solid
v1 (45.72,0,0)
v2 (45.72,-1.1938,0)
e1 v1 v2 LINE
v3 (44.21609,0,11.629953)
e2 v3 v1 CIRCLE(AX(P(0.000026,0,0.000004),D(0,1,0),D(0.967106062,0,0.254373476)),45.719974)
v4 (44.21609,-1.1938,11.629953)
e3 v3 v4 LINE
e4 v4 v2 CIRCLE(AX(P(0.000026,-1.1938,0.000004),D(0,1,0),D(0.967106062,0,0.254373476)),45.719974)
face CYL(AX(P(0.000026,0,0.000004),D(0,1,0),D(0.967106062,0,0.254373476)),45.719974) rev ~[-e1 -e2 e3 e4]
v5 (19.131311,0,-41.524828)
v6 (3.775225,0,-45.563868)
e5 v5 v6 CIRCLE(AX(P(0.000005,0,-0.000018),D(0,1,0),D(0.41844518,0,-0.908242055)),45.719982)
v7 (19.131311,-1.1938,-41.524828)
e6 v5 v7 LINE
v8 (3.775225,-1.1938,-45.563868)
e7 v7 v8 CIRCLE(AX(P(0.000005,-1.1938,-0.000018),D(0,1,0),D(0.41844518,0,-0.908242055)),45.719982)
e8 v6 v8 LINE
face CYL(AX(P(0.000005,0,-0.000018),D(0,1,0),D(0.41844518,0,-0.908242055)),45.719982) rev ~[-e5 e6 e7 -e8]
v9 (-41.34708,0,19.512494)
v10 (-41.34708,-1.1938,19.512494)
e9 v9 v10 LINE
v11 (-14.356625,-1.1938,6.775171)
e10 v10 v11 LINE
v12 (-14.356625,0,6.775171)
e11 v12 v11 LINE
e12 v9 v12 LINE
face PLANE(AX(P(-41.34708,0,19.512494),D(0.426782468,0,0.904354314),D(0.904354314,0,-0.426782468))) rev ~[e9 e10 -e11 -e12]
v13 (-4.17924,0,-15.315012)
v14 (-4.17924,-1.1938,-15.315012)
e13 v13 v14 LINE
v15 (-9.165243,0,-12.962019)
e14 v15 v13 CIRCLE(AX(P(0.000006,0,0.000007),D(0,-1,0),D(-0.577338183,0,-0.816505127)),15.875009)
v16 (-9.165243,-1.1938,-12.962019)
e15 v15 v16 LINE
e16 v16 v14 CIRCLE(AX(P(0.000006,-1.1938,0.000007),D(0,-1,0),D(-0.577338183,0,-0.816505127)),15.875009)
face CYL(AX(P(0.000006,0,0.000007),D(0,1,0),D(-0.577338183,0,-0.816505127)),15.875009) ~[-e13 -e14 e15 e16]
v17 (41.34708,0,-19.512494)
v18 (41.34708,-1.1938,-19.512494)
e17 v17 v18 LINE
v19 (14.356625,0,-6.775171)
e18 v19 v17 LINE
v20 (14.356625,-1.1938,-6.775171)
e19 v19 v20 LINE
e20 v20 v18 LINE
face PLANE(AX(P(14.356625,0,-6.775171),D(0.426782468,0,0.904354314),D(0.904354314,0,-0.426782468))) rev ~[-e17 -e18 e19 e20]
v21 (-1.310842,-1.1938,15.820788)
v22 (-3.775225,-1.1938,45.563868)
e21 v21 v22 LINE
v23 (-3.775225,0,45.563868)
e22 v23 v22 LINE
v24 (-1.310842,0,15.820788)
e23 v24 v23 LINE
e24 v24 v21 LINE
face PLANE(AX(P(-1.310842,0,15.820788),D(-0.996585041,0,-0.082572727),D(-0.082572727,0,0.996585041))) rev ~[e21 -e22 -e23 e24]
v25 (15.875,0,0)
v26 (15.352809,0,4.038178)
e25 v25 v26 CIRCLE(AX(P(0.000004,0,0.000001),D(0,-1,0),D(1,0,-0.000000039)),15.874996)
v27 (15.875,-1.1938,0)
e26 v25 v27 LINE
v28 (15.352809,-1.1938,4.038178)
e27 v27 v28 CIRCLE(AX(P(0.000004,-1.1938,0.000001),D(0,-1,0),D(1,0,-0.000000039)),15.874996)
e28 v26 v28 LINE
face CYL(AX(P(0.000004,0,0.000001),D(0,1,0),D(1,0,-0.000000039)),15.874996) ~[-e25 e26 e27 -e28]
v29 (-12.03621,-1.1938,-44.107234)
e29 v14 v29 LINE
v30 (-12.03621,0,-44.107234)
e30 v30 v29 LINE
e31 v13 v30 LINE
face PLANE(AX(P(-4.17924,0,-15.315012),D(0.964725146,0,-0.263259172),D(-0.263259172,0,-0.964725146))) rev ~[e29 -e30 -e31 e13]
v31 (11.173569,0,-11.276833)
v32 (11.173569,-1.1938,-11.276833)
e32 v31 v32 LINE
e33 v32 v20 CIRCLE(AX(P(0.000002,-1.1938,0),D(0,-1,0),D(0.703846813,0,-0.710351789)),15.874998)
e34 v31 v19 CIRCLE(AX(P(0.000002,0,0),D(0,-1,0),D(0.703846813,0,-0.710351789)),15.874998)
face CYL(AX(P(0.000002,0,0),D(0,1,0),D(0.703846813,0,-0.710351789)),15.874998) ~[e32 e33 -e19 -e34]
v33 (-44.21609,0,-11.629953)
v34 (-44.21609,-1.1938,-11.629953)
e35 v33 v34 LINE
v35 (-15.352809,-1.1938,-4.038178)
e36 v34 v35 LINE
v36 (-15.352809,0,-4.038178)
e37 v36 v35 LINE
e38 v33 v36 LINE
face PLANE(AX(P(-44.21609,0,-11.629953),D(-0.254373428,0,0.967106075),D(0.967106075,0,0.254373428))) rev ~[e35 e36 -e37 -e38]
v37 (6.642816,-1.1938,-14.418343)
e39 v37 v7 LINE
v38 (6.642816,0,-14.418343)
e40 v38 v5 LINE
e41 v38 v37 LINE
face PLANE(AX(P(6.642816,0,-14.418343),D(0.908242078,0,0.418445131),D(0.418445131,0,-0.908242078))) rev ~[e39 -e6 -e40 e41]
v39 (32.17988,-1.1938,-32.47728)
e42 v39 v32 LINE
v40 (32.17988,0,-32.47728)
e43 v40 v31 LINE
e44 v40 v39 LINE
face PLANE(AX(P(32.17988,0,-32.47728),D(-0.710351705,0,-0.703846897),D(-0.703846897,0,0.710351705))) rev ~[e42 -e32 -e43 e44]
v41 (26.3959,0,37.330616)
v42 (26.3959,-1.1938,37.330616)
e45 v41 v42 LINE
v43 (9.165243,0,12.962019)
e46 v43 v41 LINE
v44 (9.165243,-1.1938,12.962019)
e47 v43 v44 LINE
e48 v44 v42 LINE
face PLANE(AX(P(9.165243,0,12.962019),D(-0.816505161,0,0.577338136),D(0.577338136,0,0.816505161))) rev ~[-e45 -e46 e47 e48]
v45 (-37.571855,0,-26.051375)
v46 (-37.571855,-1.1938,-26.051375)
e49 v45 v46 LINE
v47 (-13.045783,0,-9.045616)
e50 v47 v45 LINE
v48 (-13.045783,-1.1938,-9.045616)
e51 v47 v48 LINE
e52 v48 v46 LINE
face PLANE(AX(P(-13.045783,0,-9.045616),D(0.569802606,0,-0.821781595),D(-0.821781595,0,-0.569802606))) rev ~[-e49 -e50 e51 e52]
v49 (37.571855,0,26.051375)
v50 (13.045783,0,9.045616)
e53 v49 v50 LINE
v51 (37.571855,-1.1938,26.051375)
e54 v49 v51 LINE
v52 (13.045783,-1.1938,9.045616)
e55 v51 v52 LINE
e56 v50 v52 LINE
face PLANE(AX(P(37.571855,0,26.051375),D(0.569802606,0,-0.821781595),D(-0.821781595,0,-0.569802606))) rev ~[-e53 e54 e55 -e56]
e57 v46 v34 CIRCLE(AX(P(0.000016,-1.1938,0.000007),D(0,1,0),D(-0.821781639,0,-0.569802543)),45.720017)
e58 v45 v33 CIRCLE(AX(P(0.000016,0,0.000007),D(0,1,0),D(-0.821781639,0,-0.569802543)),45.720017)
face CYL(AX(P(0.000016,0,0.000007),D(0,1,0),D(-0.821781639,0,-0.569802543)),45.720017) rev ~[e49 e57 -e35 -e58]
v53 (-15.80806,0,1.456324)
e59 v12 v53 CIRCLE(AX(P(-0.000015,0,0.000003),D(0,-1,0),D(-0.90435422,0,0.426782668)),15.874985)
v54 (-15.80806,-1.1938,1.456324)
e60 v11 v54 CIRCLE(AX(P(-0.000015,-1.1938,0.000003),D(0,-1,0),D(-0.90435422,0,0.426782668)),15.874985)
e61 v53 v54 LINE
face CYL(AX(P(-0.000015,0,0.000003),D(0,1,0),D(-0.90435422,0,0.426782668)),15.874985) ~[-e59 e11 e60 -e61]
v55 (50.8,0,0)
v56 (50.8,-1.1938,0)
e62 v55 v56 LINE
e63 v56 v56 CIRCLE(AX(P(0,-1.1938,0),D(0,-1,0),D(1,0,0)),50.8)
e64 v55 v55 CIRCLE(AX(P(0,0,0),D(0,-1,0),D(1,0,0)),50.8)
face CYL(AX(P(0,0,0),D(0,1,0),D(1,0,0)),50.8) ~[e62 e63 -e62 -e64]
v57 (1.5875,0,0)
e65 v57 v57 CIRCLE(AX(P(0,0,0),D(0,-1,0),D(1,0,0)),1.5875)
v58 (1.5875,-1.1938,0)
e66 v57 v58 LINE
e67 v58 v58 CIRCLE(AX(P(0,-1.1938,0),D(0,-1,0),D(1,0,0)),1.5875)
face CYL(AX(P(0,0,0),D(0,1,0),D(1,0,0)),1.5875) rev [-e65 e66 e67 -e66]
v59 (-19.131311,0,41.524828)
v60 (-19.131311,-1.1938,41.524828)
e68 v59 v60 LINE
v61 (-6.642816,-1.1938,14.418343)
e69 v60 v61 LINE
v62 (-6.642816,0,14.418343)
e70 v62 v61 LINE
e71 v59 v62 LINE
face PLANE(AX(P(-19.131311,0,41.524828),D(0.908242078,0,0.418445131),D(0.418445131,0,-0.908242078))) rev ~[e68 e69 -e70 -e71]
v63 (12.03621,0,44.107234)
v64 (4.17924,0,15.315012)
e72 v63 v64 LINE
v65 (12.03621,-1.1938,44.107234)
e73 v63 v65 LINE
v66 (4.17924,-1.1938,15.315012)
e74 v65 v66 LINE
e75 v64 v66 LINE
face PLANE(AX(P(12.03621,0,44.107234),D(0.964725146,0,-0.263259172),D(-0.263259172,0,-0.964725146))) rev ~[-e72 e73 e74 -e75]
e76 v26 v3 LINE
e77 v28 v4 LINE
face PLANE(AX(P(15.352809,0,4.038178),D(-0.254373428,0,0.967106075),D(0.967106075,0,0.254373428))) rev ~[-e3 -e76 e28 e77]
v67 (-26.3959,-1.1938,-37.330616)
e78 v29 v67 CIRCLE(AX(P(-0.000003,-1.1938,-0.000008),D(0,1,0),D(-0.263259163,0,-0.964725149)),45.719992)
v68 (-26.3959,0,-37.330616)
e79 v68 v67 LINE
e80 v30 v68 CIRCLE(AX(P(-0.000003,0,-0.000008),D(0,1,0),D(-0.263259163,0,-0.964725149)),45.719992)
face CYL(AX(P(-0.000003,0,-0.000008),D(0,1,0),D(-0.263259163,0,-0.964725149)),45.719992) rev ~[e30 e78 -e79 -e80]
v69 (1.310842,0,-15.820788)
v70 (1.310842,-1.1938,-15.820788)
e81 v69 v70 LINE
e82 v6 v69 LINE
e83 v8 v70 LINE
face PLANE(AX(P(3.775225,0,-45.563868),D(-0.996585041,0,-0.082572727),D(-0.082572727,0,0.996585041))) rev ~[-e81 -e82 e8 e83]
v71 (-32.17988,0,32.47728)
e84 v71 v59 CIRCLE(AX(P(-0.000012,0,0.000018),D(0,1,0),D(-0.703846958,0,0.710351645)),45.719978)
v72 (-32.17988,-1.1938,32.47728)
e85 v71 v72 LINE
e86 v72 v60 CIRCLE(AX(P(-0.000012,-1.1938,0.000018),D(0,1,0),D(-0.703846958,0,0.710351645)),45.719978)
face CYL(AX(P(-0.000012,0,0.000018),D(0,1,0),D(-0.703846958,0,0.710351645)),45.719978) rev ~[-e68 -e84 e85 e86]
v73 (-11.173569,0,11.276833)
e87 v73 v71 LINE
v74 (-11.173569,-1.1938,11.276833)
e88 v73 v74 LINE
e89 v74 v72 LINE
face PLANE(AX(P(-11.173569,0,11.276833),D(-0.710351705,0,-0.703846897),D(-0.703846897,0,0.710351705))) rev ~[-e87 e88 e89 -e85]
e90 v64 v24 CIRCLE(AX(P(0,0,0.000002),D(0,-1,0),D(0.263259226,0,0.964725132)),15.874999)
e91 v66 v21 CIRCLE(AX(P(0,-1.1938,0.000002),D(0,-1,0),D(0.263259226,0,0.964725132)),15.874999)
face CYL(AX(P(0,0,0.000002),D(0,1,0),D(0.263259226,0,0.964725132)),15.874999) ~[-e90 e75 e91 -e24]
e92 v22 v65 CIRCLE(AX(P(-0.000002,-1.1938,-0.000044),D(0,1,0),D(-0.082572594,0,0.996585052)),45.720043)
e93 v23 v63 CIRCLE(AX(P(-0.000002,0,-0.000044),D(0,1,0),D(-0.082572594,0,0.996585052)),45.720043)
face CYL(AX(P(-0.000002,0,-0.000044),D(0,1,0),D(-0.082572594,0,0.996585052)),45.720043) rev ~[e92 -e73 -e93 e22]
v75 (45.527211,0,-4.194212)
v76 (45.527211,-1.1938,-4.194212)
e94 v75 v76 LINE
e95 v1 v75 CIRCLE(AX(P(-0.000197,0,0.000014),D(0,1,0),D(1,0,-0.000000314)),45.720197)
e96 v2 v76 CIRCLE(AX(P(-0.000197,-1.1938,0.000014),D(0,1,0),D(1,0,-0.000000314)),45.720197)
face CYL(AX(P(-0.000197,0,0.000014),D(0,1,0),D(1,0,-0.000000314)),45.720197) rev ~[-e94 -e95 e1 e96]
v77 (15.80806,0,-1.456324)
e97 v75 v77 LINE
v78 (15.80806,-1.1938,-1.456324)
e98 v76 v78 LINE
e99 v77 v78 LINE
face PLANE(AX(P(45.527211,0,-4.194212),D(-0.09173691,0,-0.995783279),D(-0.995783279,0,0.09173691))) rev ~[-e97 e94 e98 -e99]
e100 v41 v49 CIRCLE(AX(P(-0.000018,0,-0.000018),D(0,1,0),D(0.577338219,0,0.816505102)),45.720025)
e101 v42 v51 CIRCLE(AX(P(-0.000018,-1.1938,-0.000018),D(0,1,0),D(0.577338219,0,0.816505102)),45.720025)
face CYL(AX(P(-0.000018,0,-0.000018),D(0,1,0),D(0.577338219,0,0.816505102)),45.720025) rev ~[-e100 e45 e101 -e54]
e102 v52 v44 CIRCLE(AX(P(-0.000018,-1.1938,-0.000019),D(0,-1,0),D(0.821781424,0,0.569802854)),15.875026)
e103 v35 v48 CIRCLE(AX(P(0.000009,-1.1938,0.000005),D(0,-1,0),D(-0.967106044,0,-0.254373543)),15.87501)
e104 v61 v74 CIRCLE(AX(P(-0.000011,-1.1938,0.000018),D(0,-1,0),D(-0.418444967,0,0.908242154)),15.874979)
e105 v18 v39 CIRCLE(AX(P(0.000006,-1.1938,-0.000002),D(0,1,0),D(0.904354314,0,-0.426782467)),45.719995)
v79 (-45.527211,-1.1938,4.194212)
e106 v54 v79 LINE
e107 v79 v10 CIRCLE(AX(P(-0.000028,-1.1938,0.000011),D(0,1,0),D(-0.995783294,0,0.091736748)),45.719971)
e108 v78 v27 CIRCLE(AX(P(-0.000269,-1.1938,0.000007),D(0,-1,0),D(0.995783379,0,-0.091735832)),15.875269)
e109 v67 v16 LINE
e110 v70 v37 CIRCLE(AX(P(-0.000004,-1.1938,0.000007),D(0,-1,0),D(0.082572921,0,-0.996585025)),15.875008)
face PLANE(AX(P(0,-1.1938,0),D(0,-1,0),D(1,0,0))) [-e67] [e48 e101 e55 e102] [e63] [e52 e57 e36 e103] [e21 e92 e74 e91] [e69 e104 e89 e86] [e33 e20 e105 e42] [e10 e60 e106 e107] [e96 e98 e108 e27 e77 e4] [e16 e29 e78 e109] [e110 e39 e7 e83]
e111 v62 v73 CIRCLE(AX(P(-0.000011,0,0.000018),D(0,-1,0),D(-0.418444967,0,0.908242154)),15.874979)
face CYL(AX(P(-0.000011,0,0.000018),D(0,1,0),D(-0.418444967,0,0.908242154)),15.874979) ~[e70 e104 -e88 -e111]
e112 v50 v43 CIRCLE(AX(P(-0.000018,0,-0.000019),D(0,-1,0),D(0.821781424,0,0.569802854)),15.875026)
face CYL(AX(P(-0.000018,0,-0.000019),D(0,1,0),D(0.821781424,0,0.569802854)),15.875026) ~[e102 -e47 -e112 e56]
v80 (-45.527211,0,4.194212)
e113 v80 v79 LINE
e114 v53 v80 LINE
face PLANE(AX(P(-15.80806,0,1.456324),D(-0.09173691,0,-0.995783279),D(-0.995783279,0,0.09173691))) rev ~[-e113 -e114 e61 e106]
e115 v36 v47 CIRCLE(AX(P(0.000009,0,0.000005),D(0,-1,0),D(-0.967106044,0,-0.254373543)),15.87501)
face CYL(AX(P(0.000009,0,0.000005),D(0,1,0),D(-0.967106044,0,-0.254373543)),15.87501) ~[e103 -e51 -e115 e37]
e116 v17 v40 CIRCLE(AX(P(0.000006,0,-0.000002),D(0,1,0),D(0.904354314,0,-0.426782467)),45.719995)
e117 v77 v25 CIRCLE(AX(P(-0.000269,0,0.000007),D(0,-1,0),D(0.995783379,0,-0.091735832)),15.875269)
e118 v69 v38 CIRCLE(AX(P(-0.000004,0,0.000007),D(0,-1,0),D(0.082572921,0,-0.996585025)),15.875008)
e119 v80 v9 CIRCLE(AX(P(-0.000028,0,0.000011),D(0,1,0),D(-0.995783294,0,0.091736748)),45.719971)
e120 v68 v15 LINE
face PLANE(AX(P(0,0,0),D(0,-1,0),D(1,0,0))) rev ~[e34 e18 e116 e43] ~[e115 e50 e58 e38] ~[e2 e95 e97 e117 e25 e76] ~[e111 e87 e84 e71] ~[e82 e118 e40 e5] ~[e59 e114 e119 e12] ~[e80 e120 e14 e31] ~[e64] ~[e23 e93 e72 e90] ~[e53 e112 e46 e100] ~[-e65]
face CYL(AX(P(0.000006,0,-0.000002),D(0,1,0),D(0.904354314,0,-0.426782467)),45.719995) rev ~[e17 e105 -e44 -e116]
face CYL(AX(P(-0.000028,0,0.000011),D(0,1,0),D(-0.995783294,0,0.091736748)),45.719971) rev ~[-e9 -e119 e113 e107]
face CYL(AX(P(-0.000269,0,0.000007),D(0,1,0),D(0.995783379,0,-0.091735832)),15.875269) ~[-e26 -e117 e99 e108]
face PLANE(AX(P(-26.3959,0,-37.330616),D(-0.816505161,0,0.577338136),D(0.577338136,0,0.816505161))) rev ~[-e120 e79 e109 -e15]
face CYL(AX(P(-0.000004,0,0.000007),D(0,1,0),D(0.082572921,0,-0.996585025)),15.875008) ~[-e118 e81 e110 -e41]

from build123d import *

# Parameters (mm, degrees)
F0_R     = 50.8
F0_R_2   = 1.5875
F1_DEPTH = 1.1938


with BuildPart() as f1:
    # F0 (on Front) → F1 (new body)
    with BuildSketch(Plane.XZ):
        Circle(F0_R)
        with BuildLine():
            ThreePointArc((44.21609, 11.629953), (45.342464, 5.863394), (45.72, 0))
            ThreePointArc((45.72, 0), (45.671777, -2.09932), (45.527211, -4.194212))
            ThreePointArc((45.527211, -4.194212), (44.107234, -12.03621), (41.34708, -19.512494))
            ThreePointArc((41.34708, -19.512494), (37.330616, -26.3959), (32.17988, -32.47728))
            ThreePointArc((32.17988, -32.47728), (26.051375, -37.571855), (19.131311, -41.524828))
            ThreePointArc((19.131311, -41.524828), (11.629953, -44.21609), (3.775225, -45.563868))
            ThreePointArc((3.775225, -45.563868), (-4.194212, -45.527211), (-12.03621, -44.107234))
            ThreePointArc((-12.03621, -44.107234), (-19.512494, -41.34708), (-26.3959, -37.330616))
            ThreePointArc((-26.3959, -37.330616), (-32.47728, -32.17988), (-37.571855, -26.051375))
            ThreePointArc((-37.571855, -26.051375), (-41.524828, -19.131311), (-44.21609, -11.629953))
            ThreePointArc((-44.21609, -11.629953), (-45.563868, -3.775225), (-45.527211, 4.194212))
            ThreePointArc((-45.527211, 4.194212), (-44.107234, 12.03621), (-41.34708, 19.512494))
            ThreePointArc((-41.34708, 19.512494), (-37.330616, 26.3959), (-32.17988, 32.47728))
            ThreePointArc((-32.17988, 32.47728), (-26.051375, 37.571855), (-19.131311, 41.524828))
            ThreePointArc((-19.131311, 41.524828), (-11.629953, 44.21609), (-3.775225, 45.563868))
            ThreePointArc((-3.775225, 45.563868), (4.194212, 45.527211), (12.03621, 44.107234))
            ThreePointArc((12.03621, 44.107234), (19.512494, 41.34708), (26.3959, 37.330616))
            ThreePointArc((26.3959, 37.330616), (32.47728, 32.17988), (37.571855, 26.051375))
            ThreePointArc((37.571855, 26.051375), (41.524828, 19.131311), (44.21609, 11.629953))
        make_face(mode=Mode.SUBTRACT)
        with BuildLine():
            Line((-15.80806, 1.456324), (-45.527211, 4.194212))
            ThreePointArc((-45.527211, 4.194212), (-45.563868, -3.775225), (-44.21609, -11.629953))
            Line((-44.21609, -11.629953), (-15.352809, -4.038178))
            ThreePointArc((-15.352809, -4.038178), (-15.820788, -1.310842), (-15.80806, 1.456324))
        make_face()
        with BuildLine():
            Line((-11.173569, 11.276833), (-32.17988, 32.47728))
            ThreePointArc((-32.17988, 32.47728), (-37.330616, 26.3959), (-41.34708, 19.512494))
            Line((-41.34708, 19.512494), (-14.356625, 6.775171))
            ThreePointArc((-14.356625, 6.775171), (-12.962019, 9.165243), (-11.173569, 11.276833))
        make_face()
        with BuildLine():
            Line((-1.310842, 15.820788), (-3.775225, 45.563868))
            ThreePointArc((-3.775225, 45.563868), (-11.629953, 44.21609), (-19.131311, 41.524828))
            Line((-19.131311, 41.524828), (-6.642816, 14.418343))
            ThreePointArc((-6.642816, 14.418343), (-4.038178, 15.352809), (-1.310842, 15.820788))
        make_face()
        with BuildLine():
            Line((9.165243, 12.962019), (26.3959, 37.330616))
            ThreePointArc((26.3959, 37.330616), (19.512494, 41.34708), (12.03621, 44.107234))
            Line((12.03621, 44.107234), (4.17924, 15.315012))
            ThreePointArc((4.17924, 15.315012), (6.775171, 14.356625), (9.165243, 12.962019))
        make_face()
        with BuildLine():
            Line((15.352809, 4.038178), (44.21609, 11.629953))
            ThreePointArc((44.21609, 11.629953), (41.524828, 19.131311), (37.571855, 26.051375))
            Line((37.571855, 26.051375), (13.045783, 9.045616))
            ThreePointArc((13.045783, 9.045616), (14.418343, 6.642816), (15.352809, 4.038178))
        make_face()
        with BuildLine():
            ThreePointArc((41.34708, -19.512494), (44.107234, -12.03621), (45.527211, -4.194212))
            Line((45.527211, -4.194212), (15.80806, -1.456324))
            ThreePointArc((15.80806, -1.456324), (15.315012, -4.17924), (14.356625, -6.775171))
            Line((14.356625, -6.775171), (41.34708, -19.512494))
        make_face()
        with BuildLine():
            ThreePointArc((19.131311, -41.524828), (26.051375, -37.571855), (32.17988, -32.47728))
            Line((32.17988, -32.47728), (11.173569, -11.276833))
            ThreePointArc((11.173569, -11.276833), (9.045616, -13.045783), (6.642816, -14.418343))
            Line((6.642816, -14.418343), (19.131311, -41.524828))
        make_face()
        with BuildLine():
            ThreePointArc((-12.03621, -44.107234), (-4.194212, -45.527211), (3.775225, -45.563868))
            Line((3.775225, -45.563868), (1.310842, -15.820788))
            ThreePointArc((1.310842, -15.820788), (-1.456324, -15.80806), (-4.17924, -15.315012))
            Line((-4.17924, -15.315012), (-12.03621, -44.107234))
        make_face()
        with BuildLine():
            ThreePointArc((-37.571855, -26.051375), (-32.47728, -32.17988), (-26.3959, -37.330616))
            Line((-26.3959, -37.330616), (-9.165243, -12.962019))
            ThreePointArc((-9.165243, -12.962019), (-11.276833, -11.173569), (-13.045783, -9.045616))
            Line((-13.045783, -9.045616), (-37.571855, -26.051375))
        make_face()
        with BuildLine():
            ThreePointArc((15.875, 0), (15.743911, 2.035901), (15.352809, 4.038178))
            ThreePointArc((15.352809, 4.038178), (14.418343, 6.642816), (13.045783, 9.045616))
            ThreePointArc((13.045783, 9.045616), (11.276833, 11.173569), (9.165243, 12.962019))
            ThreePointArc((9.165243, 12.962019), (6.775171, 14.356625), (4.17924, 15.315012))
            ThreePointArc((4.17924, 15.315012), (1.456324, 15.80806), (-1.310842, 15.820788))
            ThreePointArc((-1.310842, 15.820788), (-4.038178, 15.352809), (-6.642816, 14.418343))
            ThreePointArc((-6.642816, 14.418343), (-9.045616, 13.045783), (-11.173569, 11.276833))
            ThreePointArc((-11.173569, 11.276833), (-12.962019, 9.165243), (-14.356625, 6.775171))
            ThreePointArc((-14.356625, 6.775171), (-15.315012, 4.17924), (-15.80806, 1.456324))
            ThreePointArc((-15.80806, 1.456324), (-15.820788, -1.310842), (-15.352809, -4.038178))
            ThreePointArc((-15.352809, -4.038178), (-14.418343, -6.642816), (-13.045783, -9.045616))
            ThreePointArc((-13.045783, -9.045616), (-11.276833, -11.173569), (-9.165243, -12.962019))
            ThreePointArc((-9.165243, -12.962019), (-6.775171, -14.356625), (-4.17924, -15.315012))
            ThreePointArc((-4.17924, -15.315012), (-1.456324, -15.80806), (1.310842, -15.820788))
            ThreePointArc((1.310842, -15.820788), (4.038178, -15.352809), (6.642816, -14.418343))
            ThreePointArc((6.642816, -14.418343), (9.045616, -13.045783), (11.173569, -11.276833))
            ThreePointArc((11.173569, -11.276833), (12.962019, -9.165243), (14.356625, -6.775171))
            ThreePointArc((14.356625, -6.775171), (15.315012, -4.17924), (15.80806, -1.456324))
            ThreePointArc((15.80806, -1.456324), (15.858256, -0.728931), (15.875, 0))
        make_face()
        Circle(F0_R_2, mode=Mode.SUBTRACT)
    extrude(amount=F1_DEPTH)


solid = f1.part
